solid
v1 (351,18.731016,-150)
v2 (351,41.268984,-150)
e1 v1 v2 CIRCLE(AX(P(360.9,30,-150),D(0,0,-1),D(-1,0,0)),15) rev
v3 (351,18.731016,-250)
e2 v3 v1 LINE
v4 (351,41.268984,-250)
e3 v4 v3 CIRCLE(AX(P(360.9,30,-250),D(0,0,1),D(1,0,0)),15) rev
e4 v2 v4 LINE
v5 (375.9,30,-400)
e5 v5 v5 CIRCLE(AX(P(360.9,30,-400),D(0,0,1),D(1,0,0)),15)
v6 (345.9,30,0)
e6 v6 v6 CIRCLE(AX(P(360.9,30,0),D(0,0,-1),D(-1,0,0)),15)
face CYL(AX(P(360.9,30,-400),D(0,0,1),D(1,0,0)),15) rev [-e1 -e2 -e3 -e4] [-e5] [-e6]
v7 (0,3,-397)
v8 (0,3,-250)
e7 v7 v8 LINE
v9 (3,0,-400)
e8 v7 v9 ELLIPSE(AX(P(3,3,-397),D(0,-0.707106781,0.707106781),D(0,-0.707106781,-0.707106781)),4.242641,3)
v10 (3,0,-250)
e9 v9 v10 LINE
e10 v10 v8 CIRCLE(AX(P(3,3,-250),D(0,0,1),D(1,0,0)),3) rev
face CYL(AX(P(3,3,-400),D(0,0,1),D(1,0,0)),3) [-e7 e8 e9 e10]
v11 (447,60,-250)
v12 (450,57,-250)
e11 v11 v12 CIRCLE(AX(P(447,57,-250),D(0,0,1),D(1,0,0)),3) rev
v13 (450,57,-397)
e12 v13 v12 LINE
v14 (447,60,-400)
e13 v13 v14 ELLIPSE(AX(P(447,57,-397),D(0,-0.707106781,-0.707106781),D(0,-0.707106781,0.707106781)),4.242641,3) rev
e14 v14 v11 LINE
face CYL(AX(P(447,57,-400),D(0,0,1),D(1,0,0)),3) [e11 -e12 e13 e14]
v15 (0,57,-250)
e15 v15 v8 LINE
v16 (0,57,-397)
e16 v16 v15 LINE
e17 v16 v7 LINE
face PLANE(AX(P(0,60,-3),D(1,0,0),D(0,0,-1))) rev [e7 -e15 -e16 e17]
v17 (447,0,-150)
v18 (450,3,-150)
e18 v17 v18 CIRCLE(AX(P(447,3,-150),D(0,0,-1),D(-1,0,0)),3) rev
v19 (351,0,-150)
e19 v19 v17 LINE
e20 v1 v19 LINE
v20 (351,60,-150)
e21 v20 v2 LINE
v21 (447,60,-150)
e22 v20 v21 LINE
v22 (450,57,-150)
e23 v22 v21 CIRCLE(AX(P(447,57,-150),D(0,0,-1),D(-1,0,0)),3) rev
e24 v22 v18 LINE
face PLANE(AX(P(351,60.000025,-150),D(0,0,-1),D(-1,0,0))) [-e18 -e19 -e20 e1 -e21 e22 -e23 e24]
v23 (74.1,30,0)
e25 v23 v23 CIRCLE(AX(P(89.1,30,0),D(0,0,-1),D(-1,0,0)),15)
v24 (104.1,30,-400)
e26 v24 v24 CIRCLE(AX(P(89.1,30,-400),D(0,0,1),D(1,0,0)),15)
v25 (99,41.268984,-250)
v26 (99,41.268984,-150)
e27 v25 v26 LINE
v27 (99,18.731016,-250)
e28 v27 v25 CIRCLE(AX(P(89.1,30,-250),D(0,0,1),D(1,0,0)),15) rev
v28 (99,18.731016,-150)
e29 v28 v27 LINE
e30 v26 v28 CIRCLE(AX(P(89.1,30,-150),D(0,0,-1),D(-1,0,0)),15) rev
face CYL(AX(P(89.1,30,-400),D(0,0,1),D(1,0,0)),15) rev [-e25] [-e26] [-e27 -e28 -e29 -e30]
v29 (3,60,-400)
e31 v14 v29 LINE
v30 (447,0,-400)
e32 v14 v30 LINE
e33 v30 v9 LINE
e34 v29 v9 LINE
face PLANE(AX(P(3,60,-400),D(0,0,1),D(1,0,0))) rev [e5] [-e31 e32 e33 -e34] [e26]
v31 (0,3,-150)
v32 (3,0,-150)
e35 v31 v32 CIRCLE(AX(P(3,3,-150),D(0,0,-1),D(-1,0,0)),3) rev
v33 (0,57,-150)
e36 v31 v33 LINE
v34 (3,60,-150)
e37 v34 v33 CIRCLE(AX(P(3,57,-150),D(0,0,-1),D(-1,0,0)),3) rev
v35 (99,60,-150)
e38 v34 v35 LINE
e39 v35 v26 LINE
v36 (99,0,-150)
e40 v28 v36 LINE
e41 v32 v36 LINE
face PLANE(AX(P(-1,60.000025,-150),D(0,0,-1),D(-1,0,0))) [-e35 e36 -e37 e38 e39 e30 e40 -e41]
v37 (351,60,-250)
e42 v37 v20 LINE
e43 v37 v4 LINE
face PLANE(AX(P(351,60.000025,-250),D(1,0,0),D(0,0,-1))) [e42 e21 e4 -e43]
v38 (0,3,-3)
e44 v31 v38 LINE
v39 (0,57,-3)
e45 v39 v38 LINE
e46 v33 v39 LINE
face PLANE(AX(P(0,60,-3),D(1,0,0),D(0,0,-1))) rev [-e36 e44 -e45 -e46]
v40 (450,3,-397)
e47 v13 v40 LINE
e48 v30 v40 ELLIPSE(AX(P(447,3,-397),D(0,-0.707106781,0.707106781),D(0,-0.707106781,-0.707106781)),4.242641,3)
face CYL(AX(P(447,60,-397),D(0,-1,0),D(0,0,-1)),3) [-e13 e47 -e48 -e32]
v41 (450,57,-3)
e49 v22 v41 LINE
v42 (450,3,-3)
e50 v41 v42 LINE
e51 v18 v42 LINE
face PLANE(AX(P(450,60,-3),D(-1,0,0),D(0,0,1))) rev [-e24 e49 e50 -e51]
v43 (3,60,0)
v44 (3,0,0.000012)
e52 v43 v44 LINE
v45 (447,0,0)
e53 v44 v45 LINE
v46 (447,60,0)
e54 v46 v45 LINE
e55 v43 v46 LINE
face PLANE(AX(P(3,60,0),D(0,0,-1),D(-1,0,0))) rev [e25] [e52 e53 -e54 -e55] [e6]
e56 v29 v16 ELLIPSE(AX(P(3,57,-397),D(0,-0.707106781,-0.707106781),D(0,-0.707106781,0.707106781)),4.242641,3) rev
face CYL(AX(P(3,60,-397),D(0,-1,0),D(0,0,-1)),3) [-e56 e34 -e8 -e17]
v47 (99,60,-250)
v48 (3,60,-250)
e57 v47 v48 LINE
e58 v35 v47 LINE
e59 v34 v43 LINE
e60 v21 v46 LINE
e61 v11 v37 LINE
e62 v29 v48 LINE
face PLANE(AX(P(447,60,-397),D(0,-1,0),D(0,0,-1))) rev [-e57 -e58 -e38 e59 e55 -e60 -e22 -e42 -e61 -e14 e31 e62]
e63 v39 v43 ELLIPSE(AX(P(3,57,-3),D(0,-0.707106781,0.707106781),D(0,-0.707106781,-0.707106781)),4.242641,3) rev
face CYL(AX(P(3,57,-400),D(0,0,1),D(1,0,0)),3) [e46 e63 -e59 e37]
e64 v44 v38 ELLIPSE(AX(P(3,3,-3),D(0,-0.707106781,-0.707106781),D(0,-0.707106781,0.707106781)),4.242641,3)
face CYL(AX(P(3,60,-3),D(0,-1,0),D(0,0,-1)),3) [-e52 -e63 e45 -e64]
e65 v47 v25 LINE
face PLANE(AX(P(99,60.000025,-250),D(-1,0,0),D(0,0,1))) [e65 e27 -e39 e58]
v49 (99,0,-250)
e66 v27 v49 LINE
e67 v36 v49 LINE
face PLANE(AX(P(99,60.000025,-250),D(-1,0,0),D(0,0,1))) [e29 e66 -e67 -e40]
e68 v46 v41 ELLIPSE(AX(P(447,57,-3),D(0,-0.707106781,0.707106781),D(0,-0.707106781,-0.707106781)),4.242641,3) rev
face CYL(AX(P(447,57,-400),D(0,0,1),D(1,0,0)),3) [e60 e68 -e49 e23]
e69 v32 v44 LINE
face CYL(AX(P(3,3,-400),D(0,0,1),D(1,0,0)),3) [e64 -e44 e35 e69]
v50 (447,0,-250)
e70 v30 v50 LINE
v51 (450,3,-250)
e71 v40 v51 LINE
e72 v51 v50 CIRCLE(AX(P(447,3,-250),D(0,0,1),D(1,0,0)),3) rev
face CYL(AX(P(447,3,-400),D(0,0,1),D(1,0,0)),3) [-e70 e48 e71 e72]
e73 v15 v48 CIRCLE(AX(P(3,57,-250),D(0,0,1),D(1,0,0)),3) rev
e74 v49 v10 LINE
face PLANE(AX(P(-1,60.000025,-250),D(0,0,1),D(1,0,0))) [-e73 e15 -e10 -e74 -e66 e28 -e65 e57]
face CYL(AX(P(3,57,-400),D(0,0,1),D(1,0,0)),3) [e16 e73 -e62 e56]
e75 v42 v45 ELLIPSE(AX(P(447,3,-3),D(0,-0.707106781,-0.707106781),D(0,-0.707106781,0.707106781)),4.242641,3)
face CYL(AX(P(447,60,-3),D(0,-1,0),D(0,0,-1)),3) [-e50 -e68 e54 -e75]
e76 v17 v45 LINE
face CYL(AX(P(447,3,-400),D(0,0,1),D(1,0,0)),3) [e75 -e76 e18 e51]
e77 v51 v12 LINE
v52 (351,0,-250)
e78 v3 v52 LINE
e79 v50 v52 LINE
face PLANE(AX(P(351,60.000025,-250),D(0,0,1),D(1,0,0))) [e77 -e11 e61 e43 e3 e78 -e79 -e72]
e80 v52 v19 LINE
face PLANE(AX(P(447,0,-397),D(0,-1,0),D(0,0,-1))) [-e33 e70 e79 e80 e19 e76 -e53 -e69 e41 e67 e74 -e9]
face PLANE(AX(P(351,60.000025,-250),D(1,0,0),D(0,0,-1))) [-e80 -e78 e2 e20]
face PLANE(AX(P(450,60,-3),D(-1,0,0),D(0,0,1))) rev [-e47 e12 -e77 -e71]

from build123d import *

# Parameters (mm, degrees)
ESTRUSIONE_ESTRUSIONE1_DEPTH  = 60
TAGLIO_ESTRUSIONE2_DEPTH      = 606.061980296
TAGLIO_ESTRUSIONE2_DEPTH_BACK = 606.061980296
SCHIZZO3_OUTSIDE_W            = 573.012
SCHIZZO3_OUTSIDE_H            = 183.012
SCHIZZO3_OUTSIDE_R            = 15
SCHIZZO4_W                    = 100
SCHIZZO4_H                    = 100
TAGLIO_ESTRUSIONE3_DEPTH      = 606.061980296


with BuildPart() as part:
    # Schizzo1 → Estrusione-Estrusione1 (new body)
    with BuildSketch(Plane(origin=(0, 0, 0), x_dir=(1, 0, 0), z_dir=(0, 1, 0))):
        with BuildLine():
            Line((3, 0), (447, 0))
            ThreePointArc((447, 0), (449.121320344, 0.878679656), (450, 3))
            Line((450, 3), (450, 397))
            ThreePointArc((450, 397), (449.121320344, 399.121320344), (447, 400))
            Line((447, 400), (3, 400))
            ThreePointArc((3, 400), (0.878679656, 399.121320344), (0, 397))
            Line((0, 397), (0, 3))
            ThreePointArc((0, 3), (0.878679656, 0.878679656), (3, 0))
        make_face()
    extrude(amount=ESTRUSIONE_ESTRUSIONE1_DEPTH)

    # Schizzo3 outside → Taglio-Estrusione2 (cut, two sides: drawn at the far end of the back side and taken through both)
    # profile 1 of 3: a face of its own
    with BuildSketch(Plane.XY.offset(-TAGLIO_ESTRUSIONE2_DEPTH_BACK)):
        with Locations((225, 30)):
            Rectangle(SCHIZZO3_OUTSIDE_W, SCHIZZO3_OUTSIDE_H)
        with BuildLine():
            Line((3, 60), (447, 60))
            ThreePointArc((447, 60), (449.121320344, 59.121320344), (450, 57))
            Line((450, 57), (450, 3))
            ThreePointArc((450, 3), (449.121320344, 0.878679656), (447, 0))
            Line((447, 0), (3, 0))
            ThreePointArc((3, 0), (0.878679656, 0.878679656), (0, 3))
            Line((0, 3), (0, 57))
            ThreePointArc((0, 57), (0.878679656, 59.121320344), (3, 60))
        make_face(mode=Mode.SUBTRACT)
    # profile 2 of 3: a face of its own
    with BuildSketch(Plane.XY.offset(-TAGLIO_ESTRUSIONE2_DEPTH_BACK)):
        with Locations((89.1, 30)):
            Circle(SCHIZZO3_OUTSIDE_R)
    # profile 3 of 3: a face of its own
    with BuildSketch(Plane.XY.offset(-TAGLIO_ESTRUSIONE2_DEPTH_BACK)):
        with Locations((360.9, 30)):
            Circle(SCHIZZO3_OUTSIDE_R)
    extrude(amount=TAGLIO_ESTRUSIONE2_DEPTH + TAGLIO_ESTRUSIONE2_DEPTH_BACK, mode=Mode.SUBTRACT)

    # Schizzo4 → Taglio-Estrusione3 (cut, through all)
    with BuildSketch(Plane(origin=(0, 0, 0), x_dir=(1, 0, 0), z_dir=(0, 1, 0))):
        with Locations((49, 200)):
            Rectangle(SCHIZZO4_W, SCHIZZO4_H)
        with Locations((401, 200)):
            Rectangle(SCHIZZO4_W, SCHIZZO4_H)
    extrude(amount=TAGLIO_ESTRUSIONE3_DEPTH, mode=Mode.SUBTRACT)


solid = part.part
